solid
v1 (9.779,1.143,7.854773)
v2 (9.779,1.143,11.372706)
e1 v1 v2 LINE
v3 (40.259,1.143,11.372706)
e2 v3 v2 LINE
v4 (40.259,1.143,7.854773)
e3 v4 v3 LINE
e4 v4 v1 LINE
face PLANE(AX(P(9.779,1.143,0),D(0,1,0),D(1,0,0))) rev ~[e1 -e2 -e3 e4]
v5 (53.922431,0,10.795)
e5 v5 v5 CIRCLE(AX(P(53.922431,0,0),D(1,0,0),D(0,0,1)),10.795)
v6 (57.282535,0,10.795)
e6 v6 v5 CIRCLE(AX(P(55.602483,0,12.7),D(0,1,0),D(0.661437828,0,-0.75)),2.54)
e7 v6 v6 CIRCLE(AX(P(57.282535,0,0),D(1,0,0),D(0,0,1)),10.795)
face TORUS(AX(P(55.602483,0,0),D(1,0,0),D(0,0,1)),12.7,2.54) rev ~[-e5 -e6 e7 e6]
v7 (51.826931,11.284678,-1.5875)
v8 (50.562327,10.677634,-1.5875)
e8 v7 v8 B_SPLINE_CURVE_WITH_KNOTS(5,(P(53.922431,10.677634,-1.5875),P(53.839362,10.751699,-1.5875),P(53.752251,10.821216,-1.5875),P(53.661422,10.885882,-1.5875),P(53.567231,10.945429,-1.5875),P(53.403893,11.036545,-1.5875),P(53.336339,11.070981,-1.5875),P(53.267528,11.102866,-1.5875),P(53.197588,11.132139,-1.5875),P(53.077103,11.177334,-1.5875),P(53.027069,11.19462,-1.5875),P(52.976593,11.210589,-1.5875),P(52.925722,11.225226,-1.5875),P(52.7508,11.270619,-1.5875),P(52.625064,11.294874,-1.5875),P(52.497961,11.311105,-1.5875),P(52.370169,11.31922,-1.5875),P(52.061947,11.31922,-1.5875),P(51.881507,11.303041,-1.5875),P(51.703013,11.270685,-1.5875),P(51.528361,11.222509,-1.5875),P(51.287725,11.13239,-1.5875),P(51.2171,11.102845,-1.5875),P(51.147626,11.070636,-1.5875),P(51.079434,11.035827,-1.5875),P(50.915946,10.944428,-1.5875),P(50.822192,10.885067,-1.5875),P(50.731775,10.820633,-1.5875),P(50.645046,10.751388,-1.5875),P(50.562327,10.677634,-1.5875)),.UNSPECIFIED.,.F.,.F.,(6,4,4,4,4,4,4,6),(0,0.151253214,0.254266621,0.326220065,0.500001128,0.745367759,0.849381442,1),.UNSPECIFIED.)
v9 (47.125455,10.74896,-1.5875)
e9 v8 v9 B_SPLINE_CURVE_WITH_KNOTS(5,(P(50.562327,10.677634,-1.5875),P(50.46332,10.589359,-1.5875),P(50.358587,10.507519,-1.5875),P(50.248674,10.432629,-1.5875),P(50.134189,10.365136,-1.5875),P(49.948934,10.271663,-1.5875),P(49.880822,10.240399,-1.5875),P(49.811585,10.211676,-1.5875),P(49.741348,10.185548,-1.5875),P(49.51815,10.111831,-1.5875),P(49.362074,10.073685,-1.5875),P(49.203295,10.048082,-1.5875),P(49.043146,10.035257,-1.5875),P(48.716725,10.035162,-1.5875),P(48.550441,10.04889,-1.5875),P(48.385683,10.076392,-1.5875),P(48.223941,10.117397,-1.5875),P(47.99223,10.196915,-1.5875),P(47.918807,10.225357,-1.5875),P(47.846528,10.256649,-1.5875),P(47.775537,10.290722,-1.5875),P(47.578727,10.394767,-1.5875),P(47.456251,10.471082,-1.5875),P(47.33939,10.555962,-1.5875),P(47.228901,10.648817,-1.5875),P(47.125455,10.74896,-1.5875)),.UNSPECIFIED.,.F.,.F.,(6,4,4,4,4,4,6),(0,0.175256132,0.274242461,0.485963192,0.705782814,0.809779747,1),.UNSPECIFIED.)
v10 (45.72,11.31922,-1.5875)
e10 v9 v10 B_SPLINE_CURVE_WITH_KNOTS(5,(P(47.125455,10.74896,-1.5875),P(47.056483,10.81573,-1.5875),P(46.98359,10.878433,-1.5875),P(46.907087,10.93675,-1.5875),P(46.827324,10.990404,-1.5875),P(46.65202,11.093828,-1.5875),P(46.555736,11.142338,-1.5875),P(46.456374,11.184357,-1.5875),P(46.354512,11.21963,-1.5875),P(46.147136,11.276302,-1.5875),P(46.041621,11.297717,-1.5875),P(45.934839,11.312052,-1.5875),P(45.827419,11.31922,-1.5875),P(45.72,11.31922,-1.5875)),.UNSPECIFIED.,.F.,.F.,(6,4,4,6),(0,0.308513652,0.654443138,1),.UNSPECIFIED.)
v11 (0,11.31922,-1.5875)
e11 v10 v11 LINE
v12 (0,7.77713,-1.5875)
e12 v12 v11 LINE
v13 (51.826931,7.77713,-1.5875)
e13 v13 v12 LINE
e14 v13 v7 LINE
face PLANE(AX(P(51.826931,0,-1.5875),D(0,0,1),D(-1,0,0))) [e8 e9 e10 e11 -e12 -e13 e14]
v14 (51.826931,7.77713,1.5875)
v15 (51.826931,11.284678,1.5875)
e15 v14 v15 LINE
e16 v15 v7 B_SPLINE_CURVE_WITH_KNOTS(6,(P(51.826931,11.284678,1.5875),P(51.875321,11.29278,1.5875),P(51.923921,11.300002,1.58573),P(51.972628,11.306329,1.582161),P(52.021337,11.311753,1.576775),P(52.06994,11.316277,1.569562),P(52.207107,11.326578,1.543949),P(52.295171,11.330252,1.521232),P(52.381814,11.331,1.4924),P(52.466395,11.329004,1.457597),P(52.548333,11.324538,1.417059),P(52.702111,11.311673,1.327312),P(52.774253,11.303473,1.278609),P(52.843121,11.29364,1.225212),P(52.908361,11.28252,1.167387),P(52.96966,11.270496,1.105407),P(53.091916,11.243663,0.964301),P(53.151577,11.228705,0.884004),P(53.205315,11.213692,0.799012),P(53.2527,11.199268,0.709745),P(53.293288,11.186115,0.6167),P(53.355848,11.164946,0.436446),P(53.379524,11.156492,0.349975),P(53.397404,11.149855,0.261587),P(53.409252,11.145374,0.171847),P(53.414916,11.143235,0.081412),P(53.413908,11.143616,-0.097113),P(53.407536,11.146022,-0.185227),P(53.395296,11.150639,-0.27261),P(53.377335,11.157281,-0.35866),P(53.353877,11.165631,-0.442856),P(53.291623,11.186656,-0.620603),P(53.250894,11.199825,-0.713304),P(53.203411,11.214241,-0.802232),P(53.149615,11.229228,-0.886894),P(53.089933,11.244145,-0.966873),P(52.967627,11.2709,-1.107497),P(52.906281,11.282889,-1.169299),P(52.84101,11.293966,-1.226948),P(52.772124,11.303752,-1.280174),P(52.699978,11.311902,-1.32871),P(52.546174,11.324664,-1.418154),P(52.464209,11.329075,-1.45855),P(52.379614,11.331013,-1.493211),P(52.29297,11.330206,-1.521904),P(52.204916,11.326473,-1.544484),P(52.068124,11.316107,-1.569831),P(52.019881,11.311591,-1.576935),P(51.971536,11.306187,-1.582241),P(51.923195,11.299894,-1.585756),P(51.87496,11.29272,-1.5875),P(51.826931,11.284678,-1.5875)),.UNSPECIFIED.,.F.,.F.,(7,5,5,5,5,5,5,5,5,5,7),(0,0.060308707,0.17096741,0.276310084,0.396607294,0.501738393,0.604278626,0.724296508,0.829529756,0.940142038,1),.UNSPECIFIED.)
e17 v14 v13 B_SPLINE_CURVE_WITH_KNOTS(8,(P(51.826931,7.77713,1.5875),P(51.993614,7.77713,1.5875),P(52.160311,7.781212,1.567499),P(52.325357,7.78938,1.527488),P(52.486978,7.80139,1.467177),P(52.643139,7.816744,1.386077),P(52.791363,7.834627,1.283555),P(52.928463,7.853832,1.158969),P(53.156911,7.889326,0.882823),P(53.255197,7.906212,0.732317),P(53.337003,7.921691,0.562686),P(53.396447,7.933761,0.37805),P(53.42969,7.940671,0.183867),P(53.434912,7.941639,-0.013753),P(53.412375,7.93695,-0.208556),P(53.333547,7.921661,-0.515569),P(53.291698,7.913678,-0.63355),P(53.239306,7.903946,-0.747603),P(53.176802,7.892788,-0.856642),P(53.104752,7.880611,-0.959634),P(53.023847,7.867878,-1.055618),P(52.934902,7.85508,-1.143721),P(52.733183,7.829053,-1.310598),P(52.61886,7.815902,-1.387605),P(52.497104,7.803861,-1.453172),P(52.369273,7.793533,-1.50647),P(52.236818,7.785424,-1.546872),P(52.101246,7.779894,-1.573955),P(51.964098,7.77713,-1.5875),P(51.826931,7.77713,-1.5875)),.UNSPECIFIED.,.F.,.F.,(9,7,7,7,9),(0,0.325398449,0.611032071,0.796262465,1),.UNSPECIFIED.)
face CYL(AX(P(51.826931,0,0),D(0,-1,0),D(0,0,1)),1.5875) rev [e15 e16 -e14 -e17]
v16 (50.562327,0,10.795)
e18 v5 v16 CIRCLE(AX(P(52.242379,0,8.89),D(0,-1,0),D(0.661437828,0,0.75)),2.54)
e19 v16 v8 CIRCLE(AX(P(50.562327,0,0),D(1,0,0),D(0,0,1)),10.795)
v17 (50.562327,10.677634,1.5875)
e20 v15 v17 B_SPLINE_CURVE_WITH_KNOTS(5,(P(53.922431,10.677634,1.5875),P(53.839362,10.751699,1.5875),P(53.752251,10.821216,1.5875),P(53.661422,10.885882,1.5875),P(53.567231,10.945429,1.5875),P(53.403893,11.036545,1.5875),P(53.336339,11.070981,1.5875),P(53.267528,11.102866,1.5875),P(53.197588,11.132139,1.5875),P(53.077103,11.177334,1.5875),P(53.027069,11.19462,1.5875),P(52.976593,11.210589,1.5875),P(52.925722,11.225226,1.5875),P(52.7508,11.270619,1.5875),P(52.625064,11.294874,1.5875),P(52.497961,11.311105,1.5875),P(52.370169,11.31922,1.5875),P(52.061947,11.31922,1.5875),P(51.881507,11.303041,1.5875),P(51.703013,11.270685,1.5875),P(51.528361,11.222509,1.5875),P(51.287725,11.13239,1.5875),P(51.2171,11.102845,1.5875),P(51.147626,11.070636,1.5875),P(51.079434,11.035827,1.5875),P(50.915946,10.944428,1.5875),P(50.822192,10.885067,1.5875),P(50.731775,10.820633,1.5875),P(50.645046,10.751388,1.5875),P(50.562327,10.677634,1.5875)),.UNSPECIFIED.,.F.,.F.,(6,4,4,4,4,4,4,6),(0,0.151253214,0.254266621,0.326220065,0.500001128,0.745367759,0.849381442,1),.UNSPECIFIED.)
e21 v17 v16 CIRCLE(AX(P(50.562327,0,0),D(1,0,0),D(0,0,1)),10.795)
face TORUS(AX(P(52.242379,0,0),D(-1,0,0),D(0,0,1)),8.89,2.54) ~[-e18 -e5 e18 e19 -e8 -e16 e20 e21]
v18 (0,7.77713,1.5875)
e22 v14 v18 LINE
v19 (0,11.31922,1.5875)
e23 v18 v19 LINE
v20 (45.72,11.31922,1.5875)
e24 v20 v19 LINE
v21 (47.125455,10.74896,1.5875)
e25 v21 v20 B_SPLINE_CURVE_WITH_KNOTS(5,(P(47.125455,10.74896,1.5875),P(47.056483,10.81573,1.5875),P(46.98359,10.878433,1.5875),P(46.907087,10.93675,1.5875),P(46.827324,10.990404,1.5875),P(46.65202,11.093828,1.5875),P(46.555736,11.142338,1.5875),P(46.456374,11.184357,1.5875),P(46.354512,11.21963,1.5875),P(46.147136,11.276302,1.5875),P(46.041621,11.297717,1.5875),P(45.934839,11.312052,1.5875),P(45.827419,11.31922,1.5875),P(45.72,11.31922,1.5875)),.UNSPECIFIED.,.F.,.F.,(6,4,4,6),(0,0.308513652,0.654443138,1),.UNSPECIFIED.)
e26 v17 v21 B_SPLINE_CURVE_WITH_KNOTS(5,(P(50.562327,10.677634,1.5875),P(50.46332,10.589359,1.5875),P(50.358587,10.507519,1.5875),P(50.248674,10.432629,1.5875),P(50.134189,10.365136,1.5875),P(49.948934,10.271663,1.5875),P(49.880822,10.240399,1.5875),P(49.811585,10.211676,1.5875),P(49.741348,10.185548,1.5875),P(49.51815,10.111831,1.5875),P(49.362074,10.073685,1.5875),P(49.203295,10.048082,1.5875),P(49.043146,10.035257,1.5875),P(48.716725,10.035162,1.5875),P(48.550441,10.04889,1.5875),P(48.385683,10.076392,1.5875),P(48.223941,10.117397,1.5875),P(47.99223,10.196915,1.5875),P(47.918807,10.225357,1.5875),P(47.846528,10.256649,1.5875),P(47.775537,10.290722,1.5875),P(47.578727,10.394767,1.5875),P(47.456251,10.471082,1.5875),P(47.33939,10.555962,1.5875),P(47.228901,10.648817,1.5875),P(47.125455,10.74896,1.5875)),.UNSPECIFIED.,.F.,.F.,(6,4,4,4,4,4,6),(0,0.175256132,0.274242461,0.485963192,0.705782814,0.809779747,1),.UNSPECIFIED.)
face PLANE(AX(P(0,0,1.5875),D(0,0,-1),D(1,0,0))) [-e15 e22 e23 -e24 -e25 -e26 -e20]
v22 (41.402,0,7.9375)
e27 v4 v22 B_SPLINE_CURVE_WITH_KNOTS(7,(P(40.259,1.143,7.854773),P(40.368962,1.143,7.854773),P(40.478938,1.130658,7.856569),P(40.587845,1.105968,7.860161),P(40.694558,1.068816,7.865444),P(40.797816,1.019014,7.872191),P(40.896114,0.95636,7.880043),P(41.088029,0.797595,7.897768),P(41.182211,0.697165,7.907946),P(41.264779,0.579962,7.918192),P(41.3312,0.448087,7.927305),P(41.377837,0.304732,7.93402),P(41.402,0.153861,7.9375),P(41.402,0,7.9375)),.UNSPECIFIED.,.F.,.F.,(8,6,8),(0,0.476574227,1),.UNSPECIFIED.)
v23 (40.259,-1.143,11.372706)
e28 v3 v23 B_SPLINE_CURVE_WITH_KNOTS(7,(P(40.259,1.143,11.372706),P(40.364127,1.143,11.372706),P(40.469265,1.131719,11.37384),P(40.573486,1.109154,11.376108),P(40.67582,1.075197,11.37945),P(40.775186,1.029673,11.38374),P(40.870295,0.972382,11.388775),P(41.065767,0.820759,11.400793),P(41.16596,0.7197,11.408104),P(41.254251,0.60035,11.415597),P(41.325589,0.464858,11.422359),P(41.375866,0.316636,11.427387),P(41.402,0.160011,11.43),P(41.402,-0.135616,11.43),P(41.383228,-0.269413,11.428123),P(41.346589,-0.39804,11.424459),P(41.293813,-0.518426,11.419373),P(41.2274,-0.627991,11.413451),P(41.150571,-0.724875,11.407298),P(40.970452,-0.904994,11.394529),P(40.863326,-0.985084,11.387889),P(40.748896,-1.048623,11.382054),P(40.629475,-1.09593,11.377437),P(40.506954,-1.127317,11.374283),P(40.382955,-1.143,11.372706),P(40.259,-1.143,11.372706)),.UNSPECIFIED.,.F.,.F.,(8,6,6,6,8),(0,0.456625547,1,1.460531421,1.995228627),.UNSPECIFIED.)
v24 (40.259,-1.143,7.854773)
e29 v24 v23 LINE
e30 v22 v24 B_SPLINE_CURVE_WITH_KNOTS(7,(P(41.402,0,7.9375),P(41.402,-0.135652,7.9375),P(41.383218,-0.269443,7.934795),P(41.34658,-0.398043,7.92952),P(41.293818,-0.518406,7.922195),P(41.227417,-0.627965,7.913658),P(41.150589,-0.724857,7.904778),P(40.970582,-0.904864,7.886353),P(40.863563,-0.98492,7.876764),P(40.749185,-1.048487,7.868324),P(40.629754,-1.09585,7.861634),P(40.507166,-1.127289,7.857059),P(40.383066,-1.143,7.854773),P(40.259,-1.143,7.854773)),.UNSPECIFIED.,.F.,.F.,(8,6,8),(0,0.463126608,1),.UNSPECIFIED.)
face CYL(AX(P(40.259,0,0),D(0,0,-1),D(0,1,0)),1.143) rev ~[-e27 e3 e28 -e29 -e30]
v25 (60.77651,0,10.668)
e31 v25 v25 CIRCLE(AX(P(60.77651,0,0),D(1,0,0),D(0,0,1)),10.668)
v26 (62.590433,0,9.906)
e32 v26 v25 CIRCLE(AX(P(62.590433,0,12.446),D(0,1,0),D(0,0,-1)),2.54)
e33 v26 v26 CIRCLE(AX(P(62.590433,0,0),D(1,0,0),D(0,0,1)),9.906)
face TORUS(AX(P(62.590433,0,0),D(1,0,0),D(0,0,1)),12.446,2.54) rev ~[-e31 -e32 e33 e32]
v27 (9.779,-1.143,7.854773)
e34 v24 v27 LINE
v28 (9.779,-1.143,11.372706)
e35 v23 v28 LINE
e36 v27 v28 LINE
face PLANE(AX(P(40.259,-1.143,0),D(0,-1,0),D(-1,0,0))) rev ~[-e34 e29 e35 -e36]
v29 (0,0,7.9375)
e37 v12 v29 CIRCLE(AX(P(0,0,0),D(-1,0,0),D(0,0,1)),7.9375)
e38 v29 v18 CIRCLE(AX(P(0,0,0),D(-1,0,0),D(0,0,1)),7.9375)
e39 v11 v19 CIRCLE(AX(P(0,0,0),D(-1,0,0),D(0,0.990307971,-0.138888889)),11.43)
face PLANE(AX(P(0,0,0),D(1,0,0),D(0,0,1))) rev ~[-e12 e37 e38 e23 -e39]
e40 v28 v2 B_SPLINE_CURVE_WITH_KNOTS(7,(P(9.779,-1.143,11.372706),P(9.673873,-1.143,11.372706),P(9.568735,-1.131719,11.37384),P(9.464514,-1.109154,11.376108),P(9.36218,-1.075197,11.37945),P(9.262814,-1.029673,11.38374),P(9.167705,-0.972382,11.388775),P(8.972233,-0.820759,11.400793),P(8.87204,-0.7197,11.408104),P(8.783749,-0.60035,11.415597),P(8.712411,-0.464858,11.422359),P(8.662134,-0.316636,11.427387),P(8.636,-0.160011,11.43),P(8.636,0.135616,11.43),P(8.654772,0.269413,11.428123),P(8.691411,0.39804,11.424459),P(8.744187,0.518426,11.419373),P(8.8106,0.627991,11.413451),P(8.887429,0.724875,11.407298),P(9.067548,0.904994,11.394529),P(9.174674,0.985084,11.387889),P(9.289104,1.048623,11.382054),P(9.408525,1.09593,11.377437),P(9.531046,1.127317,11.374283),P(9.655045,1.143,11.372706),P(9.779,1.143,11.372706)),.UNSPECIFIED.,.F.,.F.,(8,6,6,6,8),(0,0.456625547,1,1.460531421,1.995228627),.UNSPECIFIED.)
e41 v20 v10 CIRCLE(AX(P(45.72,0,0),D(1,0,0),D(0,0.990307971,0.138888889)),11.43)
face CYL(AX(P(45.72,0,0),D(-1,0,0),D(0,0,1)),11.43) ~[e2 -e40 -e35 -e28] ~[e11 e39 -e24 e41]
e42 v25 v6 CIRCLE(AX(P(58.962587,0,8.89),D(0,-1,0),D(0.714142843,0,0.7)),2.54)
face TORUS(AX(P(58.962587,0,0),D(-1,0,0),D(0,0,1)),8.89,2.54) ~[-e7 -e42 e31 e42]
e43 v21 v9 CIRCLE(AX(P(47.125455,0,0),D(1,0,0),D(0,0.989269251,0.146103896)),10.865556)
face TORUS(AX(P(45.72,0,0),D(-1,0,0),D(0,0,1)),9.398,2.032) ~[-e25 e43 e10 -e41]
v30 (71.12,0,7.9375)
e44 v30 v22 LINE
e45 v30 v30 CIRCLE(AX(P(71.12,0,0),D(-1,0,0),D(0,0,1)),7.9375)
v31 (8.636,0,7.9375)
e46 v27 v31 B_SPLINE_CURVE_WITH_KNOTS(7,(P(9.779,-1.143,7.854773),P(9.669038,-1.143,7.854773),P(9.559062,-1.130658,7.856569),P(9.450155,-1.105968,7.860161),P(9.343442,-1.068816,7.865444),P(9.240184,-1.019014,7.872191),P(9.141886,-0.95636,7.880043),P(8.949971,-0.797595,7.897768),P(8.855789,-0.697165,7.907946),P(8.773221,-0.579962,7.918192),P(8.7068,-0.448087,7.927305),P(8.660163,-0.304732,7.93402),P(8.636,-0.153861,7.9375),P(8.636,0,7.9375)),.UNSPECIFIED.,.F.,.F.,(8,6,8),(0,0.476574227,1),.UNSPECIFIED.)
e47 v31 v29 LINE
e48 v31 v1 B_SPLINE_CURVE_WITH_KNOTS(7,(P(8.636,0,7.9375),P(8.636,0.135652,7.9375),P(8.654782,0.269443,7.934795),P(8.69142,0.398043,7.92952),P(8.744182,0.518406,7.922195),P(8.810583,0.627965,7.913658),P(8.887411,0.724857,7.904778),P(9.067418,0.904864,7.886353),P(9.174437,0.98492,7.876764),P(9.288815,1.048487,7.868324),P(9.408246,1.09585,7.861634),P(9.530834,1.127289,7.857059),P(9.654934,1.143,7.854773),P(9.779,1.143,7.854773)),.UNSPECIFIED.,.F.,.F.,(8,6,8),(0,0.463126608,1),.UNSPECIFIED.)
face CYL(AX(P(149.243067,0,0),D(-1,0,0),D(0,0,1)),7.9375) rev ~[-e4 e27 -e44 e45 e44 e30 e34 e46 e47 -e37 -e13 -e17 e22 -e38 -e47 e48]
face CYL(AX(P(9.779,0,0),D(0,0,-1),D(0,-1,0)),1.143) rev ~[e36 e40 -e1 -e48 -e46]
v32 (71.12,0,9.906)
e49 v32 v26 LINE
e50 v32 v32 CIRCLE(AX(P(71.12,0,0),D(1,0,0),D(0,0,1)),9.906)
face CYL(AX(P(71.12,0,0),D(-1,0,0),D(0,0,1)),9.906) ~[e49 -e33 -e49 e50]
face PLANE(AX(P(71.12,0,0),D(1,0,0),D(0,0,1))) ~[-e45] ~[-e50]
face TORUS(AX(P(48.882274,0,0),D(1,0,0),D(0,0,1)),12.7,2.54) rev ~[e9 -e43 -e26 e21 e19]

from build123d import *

# Parameters (mm, degrees)
CUT_EXTRUDE1_DEPTH           = 73.933834429
CUT_EXTRUDE2_DEPTH           = 73.933834429
F_5_8_0_625_DIAMETER_HOLE1_D = 15.875


with BuildPart() as part:
    # Sketch1 → Revolve1 (revolve)
    with BuildSketch(Plane.XY, mode=Mode.PRIVATE) as revolve1_sk:
        with BuildLine():
            Line((0, 0), (71.12, 0))
            Line((71.12, 0), (71.12, 9.906))
            Line((71.12, 9.906), (62.590432635, 9.906))
            ThreePointArc((62.590432635, 9.906), (61.606694865, 10.104235708), (60.776509814, 10.668))
            ThreePointArc((60.776509814, 10.668), (59.054850711, 11.428323739), (57.282534911, 10.795))
            ThreePointArc((57.282534911, 10.795), (55.602482828, 10.16), (53.922430745, 10.795))
            ThreePointArc((53.922430745, 10.795), (52.242378663, 11.43), (50.56232658, 10.795))
            ThreePointArc((50.56232658, 10.795), (48.830141803, 10.16053506), (47.125455332, 10.865555556))
            ThreePointArc((47.125455332, 10.865555556), (46.477281688, 11.283616198), (45.72, 11.43))
            Line((45.72, 11.43), (0, 11.43))
            Line((0, 11.43), (0, 0))
        make_face()
    revolve(revolve1_sk.sketch.rotate(Axis((0, 0, 0), (1, 0, 0)), 90), axis=Axis((0, 0, 0), (1, 0, 0)))

    # Sketch7 → Cut-Extrude1 (cut, through all)
    with BuildSketch(Plane.XY):
        with BuildLine():
            Line((9.779, 1.143), (40.259, 1.143))
            ThreePointArc((40.259, 1.143), (41.402, 0), (40.259, -1.143))
            Line((40.259, -1.143), (9.779, -1.143))
            ThreePointArc((9.779, -1.143), (8.636, 0), (9.779, 1.143))
        make_face()
    extrude(amount=CUT_EXTRUDE1_DEPTH, mode=Mode.SUBTRACT)

    # Sketch8 → Cut-Extrude2 (cut, through all)
    with BuildSketch(Plane(origin=(0, 0, 0), x_dir=(1, 0, 0), z_dir=(0, 1, 0))):
        with BuildLine():
            Line((0, -1.5875), (51.826930745, -1.5875))
            ThreePointArc((51.826930745, -1.5875), (53.414430745, 0), (51.826930745, 1.5875))
            Line((51.826930745, 1.5875), (0, 1.5875))
            Line((0, 1.5875), (0, -1.5875))
        make_face()
    extrude(amount=CUT_EXTRUDE2_DEPTH, mode=Mode.SUBTRACT)

    # 5/8 (0.625) Diameter Hole1 (through all)
    with Locations(Plane(origin=(71.12, 0, 0), x_dir=(0, 0, -1), z_dir=(1, 0, 0))):
        with Locations((0, 0)):
            Hole(F_5_8_0_625_DIAMETER_HOLE1_D / 2)


solid = part.part
